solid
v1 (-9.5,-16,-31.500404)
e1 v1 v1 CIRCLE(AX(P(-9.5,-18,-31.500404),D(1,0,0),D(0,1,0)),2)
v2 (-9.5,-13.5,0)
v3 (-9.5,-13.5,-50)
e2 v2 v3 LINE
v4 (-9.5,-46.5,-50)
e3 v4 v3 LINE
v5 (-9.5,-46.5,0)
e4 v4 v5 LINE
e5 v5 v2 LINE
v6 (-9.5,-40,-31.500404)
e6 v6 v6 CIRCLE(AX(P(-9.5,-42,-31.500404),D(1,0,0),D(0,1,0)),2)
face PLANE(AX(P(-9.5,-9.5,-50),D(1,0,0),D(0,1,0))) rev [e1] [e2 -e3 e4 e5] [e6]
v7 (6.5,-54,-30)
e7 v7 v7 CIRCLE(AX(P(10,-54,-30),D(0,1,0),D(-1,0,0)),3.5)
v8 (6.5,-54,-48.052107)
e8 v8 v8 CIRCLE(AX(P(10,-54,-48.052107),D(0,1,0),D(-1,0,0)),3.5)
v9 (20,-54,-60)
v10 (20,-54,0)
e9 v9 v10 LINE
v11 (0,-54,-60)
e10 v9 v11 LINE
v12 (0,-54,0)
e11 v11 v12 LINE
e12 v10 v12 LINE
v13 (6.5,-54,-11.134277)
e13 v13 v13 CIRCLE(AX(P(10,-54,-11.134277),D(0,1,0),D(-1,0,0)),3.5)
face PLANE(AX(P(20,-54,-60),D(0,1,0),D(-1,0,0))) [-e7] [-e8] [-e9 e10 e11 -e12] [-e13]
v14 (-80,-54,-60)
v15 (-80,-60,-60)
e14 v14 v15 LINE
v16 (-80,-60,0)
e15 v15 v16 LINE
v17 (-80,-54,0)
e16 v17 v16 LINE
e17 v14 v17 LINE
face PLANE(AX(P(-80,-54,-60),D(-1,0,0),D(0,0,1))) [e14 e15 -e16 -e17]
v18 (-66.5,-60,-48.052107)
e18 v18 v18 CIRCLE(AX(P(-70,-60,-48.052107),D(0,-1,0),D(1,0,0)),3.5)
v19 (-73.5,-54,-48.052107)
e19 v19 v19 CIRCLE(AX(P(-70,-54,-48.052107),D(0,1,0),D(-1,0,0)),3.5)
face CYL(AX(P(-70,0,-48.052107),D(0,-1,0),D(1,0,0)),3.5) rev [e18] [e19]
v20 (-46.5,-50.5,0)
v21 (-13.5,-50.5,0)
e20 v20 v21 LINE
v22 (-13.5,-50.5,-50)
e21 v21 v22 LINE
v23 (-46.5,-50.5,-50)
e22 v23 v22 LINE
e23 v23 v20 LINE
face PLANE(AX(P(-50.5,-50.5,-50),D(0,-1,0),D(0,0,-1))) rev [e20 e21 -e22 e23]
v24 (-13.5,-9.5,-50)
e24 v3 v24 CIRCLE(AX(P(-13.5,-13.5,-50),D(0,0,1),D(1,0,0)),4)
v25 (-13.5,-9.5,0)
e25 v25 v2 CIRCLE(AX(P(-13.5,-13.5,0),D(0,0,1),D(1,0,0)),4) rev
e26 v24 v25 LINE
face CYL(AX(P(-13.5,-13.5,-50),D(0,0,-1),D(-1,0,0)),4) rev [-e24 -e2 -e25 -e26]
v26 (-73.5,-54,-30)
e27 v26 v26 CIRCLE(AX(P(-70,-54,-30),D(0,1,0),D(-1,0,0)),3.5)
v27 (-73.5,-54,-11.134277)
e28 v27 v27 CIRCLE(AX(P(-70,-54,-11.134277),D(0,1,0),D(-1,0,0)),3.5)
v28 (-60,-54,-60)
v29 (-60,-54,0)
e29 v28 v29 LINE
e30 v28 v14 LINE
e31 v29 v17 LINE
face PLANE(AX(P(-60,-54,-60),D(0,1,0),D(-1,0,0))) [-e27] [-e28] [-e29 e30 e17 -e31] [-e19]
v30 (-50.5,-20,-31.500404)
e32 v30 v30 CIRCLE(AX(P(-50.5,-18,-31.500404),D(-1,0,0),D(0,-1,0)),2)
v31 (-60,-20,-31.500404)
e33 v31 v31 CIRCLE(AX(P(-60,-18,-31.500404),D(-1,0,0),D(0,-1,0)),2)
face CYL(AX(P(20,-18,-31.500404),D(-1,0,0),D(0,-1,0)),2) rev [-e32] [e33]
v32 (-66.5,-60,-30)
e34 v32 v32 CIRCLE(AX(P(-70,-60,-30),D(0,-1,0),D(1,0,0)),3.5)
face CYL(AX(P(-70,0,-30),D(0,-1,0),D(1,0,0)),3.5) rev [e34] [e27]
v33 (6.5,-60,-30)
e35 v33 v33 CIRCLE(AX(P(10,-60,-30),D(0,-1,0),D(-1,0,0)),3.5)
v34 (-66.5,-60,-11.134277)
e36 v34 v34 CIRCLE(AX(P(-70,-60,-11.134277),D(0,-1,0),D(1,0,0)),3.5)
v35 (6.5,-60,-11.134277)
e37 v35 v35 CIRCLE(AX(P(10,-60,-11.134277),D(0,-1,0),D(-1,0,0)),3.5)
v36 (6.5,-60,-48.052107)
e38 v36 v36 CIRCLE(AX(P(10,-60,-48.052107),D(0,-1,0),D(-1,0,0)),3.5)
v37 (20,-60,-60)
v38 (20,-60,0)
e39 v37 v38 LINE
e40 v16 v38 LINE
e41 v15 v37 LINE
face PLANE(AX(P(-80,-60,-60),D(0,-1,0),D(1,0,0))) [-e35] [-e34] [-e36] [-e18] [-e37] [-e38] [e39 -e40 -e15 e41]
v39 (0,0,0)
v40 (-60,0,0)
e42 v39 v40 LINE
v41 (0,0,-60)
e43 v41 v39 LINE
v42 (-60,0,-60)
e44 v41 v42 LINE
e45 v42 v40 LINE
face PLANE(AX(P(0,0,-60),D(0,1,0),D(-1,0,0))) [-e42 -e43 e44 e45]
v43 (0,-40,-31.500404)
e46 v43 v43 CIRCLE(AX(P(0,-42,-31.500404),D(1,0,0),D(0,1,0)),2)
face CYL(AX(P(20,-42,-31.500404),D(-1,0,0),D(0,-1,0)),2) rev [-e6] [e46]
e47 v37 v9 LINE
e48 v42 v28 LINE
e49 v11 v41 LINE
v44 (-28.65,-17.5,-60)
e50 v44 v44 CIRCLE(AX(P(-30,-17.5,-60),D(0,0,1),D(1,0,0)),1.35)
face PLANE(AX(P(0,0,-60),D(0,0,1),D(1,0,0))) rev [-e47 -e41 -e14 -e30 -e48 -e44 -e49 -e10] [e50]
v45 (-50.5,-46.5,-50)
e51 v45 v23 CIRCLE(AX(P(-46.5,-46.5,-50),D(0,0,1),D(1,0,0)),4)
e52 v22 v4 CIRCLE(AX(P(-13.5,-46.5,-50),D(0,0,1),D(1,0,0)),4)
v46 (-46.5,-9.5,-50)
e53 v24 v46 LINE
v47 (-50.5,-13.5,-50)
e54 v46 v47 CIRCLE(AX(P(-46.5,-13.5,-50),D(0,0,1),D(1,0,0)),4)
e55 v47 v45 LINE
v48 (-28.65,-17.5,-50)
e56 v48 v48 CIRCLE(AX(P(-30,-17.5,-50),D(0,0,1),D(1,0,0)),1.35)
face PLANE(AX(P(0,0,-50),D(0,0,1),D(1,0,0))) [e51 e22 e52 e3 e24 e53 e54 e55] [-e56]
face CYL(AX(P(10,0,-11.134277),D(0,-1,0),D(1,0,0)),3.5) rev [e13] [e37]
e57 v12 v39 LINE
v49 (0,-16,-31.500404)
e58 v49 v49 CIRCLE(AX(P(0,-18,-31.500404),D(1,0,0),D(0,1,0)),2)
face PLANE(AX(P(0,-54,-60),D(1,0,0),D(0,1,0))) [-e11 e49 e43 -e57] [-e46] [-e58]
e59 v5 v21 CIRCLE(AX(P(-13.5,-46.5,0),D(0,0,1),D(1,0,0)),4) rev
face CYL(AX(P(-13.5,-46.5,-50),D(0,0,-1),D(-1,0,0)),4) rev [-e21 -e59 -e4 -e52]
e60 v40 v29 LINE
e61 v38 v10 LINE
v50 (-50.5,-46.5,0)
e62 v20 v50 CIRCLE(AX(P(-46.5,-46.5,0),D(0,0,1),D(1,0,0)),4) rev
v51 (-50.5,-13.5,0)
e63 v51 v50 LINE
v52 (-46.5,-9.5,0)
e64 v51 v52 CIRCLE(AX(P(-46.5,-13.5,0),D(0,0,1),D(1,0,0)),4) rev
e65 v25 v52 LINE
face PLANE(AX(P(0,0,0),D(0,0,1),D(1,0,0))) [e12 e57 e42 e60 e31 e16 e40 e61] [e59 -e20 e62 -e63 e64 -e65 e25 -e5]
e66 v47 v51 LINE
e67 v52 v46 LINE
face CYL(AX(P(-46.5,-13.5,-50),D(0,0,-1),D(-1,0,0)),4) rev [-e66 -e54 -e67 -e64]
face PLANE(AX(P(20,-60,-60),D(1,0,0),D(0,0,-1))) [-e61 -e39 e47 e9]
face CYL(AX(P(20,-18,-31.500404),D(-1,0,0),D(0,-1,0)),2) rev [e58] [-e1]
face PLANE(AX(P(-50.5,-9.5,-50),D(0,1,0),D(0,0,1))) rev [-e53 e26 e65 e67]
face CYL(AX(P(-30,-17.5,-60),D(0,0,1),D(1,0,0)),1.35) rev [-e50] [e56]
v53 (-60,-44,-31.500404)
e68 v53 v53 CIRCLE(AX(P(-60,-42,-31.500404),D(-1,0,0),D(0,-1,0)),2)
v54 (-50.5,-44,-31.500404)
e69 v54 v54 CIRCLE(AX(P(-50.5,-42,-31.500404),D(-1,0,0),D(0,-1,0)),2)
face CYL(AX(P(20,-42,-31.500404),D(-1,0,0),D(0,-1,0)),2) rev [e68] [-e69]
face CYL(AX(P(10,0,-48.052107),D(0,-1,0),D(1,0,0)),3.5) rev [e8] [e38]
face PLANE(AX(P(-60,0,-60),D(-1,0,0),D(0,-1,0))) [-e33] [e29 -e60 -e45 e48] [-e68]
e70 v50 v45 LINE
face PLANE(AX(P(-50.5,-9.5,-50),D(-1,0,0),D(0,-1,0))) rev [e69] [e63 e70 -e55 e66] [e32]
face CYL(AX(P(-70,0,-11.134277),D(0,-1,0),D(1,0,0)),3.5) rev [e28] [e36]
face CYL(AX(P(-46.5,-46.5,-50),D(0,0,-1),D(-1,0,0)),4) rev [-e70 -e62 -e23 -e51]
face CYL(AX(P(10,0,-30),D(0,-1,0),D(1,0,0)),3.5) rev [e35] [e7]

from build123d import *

# Parameters (mm, degrees)
BOSS_EXTRU_1_DEPTH      = 60
ESQUISSE2_W             = 41
ESQUISSE2_H             = 41
ENL_V_MAT_EXTRU_1_DEPTH = 50
CONG_1_R                = 4
ESQUISSE4_R             = 3.5
ENL_V_MAT_EXTRU_2_DEPTH = 61
ESQUISSE6_R             = 2
ENL_V_MAT_EXTRU_4_DEPTH = 81
ESQUISSE7_R             = 1.35
ENL_V_MAT_EXTRU_5_DEPTH = 11


with BuildPart() as part:
    # Esquisse1 → Boss.-Extru.1 (new body)
    with BuildSketch(Plane.XY):
        Polygon((0, 0), (-60, 0), (-60, -54), (-80, -54), (-80, -60), (20, -60), (20, -54), (0, -54), align=None)
    extrude(amount=-BOSS_EXTRU_1_DEPTH)

    # Esquisse2 → Enlèv. mat.-Extru.1 (cut)
    with BuildSketch(Plane.XY):
        with Locations((-30, -30)):
            Rectangle(ESQUISSE2_W, ESQUISSE2_H)
    extrude(amount=-ENL_V_MAT_EXTRU_1_DEPTH, mode=Mode.SUBTRACT)

    # Congé1
    cong_1_edges = [part.edges().sort_by_distance(p)[0] for p in [
        (-50.5, -50.5, -25),
        (-50.5, -9.5, -25),
        (-9.5, -9.5, -25),
        (-9.5, -50.5, -25),
    ]]
    fillet(cong_1_edges, radius=CONG_1_R)

    # Esquisse4 → Enlèv. mat.-Extru.2 (cut, through all)
    with BuildSketch(Plane.XZ.offset(60)):
        with Locations((-70, -11.134276922)):
            Circle(ESQUISSE4_R)
        with Locations((-70, -30)):
            Circle(ESQUISSE4_R)
        with Locations((-70, -48.052106988)):
            Circle(ESQUISSE4_R)
        with Locations((10, -48.052106988)):
            Circle(ESQUISSE4_R)
        with Locations((10, -30)):
            Circle(ESQUISSE4_R)
        with Locations((10, -11.134276922)):
            Circle(ESQUISSE4_R)
    extrude(amount=-ENL_V_MAT_EXTRU_2_DEPTH, mode=Mode.SUBTRACT)

    # Esquisse6 → Enlèv. mat.-Extru.4 (cut, through all)
    with BuildSketch(Plane.ZY.offset(60)):
        with Locations((-31.500403789, -18)):
            Circle(ESQUISSE6_R)
        with Locations((-31.500403789, -42)):
            Circle(ESQUISSE6_R)
    extrude(amount=-ENL_V_MAT_EXTRU_4_DEPTH, mode=Mode.SUBTRACT)

    # Esquisse7 → Enlèv. mat.-Extru.5 (cut, through all)
    with BuildSketch(Plane.XY.offset(-50)):
        with Locations((-30, -17.5)):
            Circle(ESQUISSE7_R)
    extrude(amount=-ENL_V_MAT_EXTRU_5_DEPTH, mode=Mode.SUBTRACT)


solid = part.part
